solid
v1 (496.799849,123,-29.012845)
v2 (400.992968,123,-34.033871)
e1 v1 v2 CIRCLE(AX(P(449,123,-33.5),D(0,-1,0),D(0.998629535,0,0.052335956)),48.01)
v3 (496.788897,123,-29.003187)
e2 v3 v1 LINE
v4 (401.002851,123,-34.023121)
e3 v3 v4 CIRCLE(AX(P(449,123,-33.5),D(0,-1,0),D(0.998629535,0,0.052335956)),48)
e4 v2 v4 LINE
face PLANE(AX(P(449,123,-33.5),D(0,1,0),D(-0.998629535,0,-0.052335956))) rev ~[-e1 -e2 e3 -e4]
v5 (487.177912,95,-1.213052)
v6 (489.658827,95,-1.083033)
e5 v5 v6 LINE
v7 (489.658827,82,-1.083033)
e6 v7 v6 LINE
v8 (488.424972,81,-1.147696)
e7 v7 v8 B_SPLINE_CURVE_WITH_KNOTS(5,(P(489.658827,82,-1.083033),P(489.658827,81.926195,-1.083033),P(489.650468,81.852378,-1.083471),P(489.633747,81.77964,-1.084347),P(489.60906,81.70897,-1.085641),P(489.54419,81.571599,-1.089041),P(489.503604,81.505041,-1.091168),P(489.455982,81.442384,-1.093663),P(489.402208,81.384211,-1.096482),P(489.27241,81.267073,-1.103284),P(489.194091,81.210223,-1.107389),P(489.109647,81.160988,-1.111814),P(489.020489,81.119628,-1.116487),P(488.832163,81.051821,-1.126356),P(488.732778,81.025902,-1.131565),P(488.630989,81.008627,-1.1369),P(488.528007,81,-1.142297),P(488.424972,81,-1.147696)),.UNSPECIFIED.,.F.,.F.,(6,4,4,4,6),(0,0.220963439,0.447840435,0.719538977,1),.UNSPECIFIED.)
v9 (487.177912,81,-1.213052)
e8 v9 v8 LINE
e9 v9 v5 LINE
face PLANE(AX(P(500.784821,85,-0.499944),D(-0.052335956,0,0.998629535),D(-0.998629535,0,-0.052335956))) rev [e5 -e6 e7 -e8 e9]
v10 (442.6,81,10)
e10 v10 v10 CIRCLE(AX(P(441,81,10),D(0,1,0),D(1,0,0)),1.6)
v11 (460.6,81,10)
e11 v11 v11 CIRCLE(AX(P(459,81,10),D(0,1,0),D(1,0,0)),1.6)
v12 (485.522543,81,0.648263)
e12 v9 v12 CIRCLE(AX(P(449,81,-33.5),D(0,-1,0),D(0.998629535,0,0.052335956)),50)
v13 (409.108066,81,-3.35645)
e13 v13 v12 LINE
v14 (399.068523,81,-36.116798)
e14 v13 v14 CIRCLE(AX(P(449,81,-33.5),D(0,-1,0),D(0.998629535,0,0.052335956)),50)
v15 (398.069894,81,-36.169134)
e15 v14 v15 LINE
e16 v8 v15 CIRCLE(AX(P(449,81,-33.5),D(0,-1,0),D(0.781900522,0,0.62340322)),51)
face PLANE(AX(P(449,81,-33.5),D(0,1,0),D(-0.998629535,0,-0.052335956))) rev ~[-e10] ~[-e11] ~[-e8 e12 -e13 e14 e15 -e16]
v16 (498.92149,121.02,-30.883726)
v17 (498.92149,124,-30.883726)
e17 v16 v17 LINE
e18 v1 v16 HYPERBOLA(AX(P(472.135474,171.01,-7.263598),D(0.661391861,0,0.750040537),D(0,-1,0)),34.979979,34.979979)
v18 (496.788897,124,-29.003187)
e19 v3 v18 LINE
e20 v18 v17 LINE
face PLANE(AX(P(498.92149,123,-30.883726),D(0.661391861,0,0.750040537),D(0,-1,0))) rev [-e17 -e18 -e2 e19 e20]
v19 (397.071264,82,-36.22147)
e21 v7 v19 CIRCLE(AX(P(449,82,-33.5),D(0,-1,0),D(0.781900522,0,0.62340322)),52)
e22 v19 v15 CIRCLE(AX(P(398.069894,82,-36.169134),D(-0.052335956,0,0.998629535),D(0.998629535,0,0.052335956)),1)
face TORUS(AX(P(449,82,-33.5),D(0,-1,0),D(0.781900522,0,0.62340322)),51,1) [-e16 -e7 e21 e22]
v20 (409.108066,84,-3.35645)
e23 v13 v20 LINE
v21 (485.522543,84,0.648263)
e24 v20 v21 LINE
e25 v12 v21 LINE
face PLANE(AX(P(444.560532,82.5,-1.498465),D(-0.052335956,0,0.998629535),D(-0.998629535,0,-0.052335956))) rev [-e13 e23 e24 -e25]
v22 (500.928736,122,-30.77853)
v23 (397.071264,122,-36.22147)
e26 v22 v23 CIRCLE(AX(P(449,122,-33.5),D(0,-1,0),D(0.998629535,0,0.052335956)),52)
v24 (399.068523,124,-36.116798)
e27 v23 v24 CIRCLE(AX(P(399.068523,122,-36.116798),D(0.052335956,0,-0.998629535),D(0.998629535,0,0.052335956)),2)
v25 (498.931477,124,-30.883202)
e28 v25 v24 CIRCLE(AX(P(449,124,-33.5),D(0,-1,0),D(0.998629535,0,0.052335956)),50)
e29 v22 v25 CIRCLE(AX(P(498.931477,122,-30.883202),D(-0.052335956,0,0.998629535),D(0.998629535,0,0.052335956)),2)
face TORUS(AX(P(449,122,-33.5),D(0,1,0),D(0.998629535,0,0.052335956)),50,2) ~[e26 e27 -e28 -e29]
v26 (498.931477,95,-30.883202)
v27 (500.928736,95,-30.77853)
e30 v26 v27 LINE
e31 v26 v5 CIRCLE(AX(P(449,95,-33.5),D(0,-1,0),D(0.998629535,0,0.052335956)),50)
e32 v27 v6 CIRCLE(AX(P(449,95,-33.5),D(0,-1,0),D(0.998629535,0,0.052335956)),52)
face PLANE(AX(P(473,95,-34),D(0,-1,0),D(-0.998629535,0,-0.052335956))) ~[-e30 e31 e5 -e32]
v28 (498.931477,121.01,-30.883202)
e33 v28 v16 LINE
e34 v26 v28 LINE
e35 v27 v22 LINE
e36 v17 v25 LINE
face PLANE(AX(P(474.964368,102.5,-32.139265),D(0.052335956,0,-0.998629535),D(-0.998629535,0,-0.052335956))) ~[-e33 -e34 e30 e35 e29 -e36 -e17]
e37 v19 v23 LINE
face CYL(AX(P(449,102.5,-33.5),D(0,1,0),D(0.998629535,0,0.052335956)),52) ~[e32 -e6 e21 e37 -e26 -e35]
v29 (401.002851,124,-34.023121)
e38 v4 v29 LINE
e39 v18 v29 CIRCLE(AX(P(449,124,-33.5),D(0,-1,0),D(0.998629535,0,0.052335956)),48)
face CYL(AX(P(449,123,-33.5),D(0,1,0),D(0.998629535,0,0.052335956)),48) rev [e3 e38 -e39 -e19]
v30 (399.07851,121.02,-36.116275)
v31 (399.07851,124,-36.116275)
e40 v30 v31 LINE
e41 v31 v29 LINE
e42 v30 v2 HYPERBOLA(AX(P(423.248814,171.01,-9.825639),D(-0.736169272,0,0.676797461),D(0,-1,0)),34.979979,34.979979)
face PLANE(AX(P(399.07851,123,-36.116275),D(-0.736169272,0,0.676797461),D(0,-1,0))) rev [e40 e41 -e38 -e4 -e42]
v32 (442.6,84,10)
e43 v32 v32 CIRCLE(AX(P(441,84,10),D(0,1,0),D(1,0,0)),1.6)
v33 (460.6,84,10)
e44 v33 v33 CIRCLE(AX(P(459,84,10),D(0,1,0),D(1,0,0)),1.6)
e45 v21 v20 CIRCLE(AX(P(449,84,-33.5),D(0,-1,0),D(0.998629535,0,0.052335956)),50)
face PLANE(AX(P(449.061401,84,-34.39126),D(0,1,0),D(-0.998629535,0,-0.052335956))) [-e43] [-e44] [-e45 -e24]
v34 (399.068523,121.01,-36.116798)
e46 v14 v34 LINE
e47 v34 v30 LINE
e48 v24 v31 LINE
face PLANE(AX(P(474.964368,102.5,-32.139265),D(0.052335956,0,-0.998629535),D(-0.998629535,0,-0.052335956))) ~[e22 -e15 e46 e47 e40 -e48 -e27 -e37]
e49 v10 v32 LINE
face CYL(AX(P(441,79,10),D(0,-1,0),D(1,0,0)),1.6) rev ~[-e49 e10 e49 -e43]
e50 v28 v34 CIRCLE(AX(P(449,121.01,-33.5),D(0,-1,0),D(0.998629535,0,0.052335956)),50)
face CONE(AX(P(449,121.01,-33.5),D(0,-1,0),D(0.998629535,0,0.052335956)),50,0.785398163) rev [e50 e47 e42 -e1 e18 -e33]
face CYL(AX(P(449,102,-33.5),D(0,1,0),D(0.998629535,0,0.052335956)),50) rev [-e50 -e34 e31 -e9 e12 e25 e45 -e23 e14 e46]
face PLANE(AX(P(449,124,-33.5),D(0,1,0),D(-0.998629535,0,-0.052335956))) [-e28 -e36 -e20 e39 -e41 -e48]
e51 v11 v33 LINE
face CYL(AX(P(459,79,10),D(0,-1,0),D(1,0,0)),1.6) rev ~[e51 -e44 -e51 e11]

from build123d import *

# Parameters (mm, degrees)
BOX338_W                = 59
BOX338_H                = 20
BOX338_DEPTH            = 32
BOX338_PLACEMENT_ANGLE  = 3
CYLINDER483_R           = 1.6
CYLINDER483_DEPTH       = 9
CYLINDER481_R           = 1.6
CYLINDER481_DEPTH       = 9
BOX337_W                = 128
BOX337_H                = 3
BOX337_DEPTH            = 35
BOX337_PLACEMENT_ANGLE  = 3
CYLINDER489_W           = 52
CYLINDER489_H           = 3
CYLINDER489_ANGLE       = 180
CYLINDER489_ROLL_ANGLE  = 90
CYLINDER489_PITCH_ANGLE = -3
CYLINDER491_W           = 48
CYLINDER491_H           = 2
CYLINDER491_ANGLE       = 180
CYLINDER488_W           = 50
CYLINDER488_H           = 42
CYLINDER488_ANGLE       = 180
CYLINDER490_W           = 52
CYLINDER490_H           = 43
CYLINDER490_ANGLE       = 180
CUT342_PLACEMENT_ANGLE  = 3
FILLET124_R             = 2
FILLET125_R             = 1
CHAMFER049_SIZE         = 1.99
CHAMFER052_SIZE         = 1.99


with BuildPart() as cube409:
    # Box338 → Box338 (new body)
    with BuildSketch(Plane.XY):
        with Locations((29.5, 10)):
            Rectangle(BOX338_W, BOX338_H)
    extrude(amount=BOX338_DEPTH)


with BuildPart() as cube409_1:
    # Box338 placement: moved
    add(cube409.part.moved(Location((473, -33, -34))).rotate(Axis((473, -33, -34), (0, -1, 0)), BOX338_PLACEMENT_ANGLE))


with BuildPart() as cylinder584:
    # Cylinder483 → Cylinder483 (new body)
    with BuildSketch(Plane(origin=(441, -17, 10), x_dir=(1, 0, 0), z_dir=(0, -1, 0))):
        Circle(CYLINDER483_R)
    extrude(amount=CYLINDER483_DEPTH)


with BuildPart() as fusion433:
    # Cylinder481 → Cylinder481 (new body)
    with BuildSketch(Plane(origin=(459, -17, 10), x_dir=(1, 0, 0), z_dir=(0, -1, 0))):
        Circle(CYLINDER481_R)
    extrude(amount=CYLINDER481_DEPTH)

    # Fusion433: union Cylinder584
    add(cylinder584.part)


with BuildPart() as cube408:
    # Box337 → Box337 (new body)
    with BuildSketch(Plane.XY):
        with Locations((64, 1.5)):
            Rectangle(BOX337_W, BOX337_H)
    extrude(amount=BOX337_DEPTH)


with BuildPart() as cube408_1:
    # Box337 placement: moved
    add(cube408.part.moved(Location((382, -9, -40.8))).rotate(Axis((382, -9, -40.8), (0, -1, 0)), BOX337_PLACEMENT_ANGLE))


with BuildPart() as cut343:
    # Cylinder489 → Cylinder489 (revolve)
    with BuildSketch(Plane.XZ):
        with Locations((26, 1.5)):
            Rectangle(CYLINDER489_W, CYLINDER489_H)
    revolve(axis=Axis((0, 0, 0), (0, 0, 1)), revolution_arc=CYLINDER489_ANGLE)


with BuildPart() as cut343_1:
    # Cylinder489 roll: moved
    add(cut343.part.rotate(Axis((0, 0, 0), (1, 0, 0)), CYLINDER489_ROLL_ANGLE))


with BuildPart() as cut343_2:
    # Cylinder489 pitch: moved
    add(cut343_1.part.rotate(Axis((0, 0, 0), (0, 1, 0)), CYLINDER489_PITCH_ANGLE))


with BuildPart() as cut343_3:
    # Cylinder489 placement: moved
    add(cut343_2.part.moved(Location((448.581401, -6, -35.39126))))

    # Cut343: cut Cube408
    add(cube408_1.part, mode=Mode.SUBTRACT)


with BuildPart() as cut343_4:
    # Cut343 placement: moved
    add(cut343_3.part.moved(Location((105.48, -13, 6.5))))


with BuildPart() as cylinder588:
    # Cylinder491 → Cylinder491 (revolve)
    with BuildSketch(Plane(origin=(554, -60, -28), x_dir=(1, 0, 0), z_dir=(0, 0, -1))):
        with Locations((24, 1)):
            Rectangle(CYLINDER491_W, CYLINDER491_H)
    revolve(axis=Axis((554, -60, -28), (0, -1, 0)), revolution_arc=CYLINDER491_ANGLE)


with BuildPart() as fusion438:
    # Cylinder488 → Cylinder488 (revolve)
    with BuildSketch(Plane(origin=(554, -19, -28), x_dir=(1, 0, 0), z_dir=(0, 0, -1))):
        with Locations((25, 21)):
            Rectangle(CYLINDER488_W, CYLINDER488_H)
    revolve(axis=Axis((554, -19, -28), (0, -1, 0)), revolution_arc=CYLINDER488_ANGLE)

    # Fusion438: union Cylinder588
    add(cylinder588.part)


with BuildPart() as fender_front_left:
    # Cylinder490 → Cylinder490 (revolve)
    with BuildSketch(Plane(origin=(554, -19, -28), x_dir=(1, 0, 0), z_dir=(0, 0, -1))):
        with Locations((26, 21.5)):
            Rectangle(CYLINDER490_W, CYLINDER490_H)
    revolve(axis=Axis((554, -19, -28), (0, -1, 0)), revolution_arc=CYLINDER490_ANGLE)

    # Cut342: cut Fusion438
    add(fusion438.part, mode=Mode.SUBTRACT)


with BuildPart() as fender_front_left_1:
    # Cut342 placement: moved
    add(fender_front_left.part.moved(Location((-0.706169, 0, -29.032493))).rotate(Axis((-0.706169, 0, -29.032493), (0, -1, 0)), CUT342_PLACEMENT_ANGLE))

    # Fusion437: union Cut343
    add(cut343_4.part)


with BuildPart() as fender_front_left_2:
    # Fusion437 placement: moved
    add(fender_front_left_1.part.moved(Location((-105, 0, -5.5))))

    # Cut345: cut Fusion433
    add(fusion433.part, mode=Mode.SUBTRACT)

    # Cut347: cut Cube409
    add(cube409_1.part, mode=Mode.SUBTRACT)

    # Fillet124
    fillet124_edges = [fender_front_left_2.edges().sort_by_distance(p)[0] for p in [
        (446.27853, -62, 18.428736),
    ]]
    fillet(fillet124_edges, radius=FILLET124_R)

    # Fillet125
    fillet125_edges = [fender_front_left_2.edges().sort_by_distance(p)[0] for p in [
        (430.549251, -19, 15.116559),
    ]]
    fillet(fillet125_edges, radius=FILLET125_R)

    # Chamfer049
    chamfer049_edges = [fender_front_left_2.edges().sort_by_distance(p)[0] for p in [
        (446.383202, -61, 16.431477),
    ]]
    chamfer(chamfer049_edges, length=CHAMFER049_SIZE)

    # Chamfer052
    chamfer052_edges = [fender_front_left_2.edges().sort_by_distance(p)[0] for p in [
        (401.065782, -61.5, -36.012126),
        (496.934218, -61.5, -30.987874),
    ]]
    chamfer(chamfer052_edges, length=CHAMFER052_SIZE)


with BuildPart() as fender_front_right:
    # Part__Mirroring011: instance of fender-front-left_
    add(fender_front_left_2.part.mirror(Plane(origin=(0, 0, 0), x_dir=(1, 0, 0), z_dir=(0, 1, 0))))


with BuildPart() as fender_front_right_1:
    # Part__Mirroring011 placement: moved
    add(fender_front_right.part.moved(Location((0, 62, 0))))


solid = fender_front_right_1.part
